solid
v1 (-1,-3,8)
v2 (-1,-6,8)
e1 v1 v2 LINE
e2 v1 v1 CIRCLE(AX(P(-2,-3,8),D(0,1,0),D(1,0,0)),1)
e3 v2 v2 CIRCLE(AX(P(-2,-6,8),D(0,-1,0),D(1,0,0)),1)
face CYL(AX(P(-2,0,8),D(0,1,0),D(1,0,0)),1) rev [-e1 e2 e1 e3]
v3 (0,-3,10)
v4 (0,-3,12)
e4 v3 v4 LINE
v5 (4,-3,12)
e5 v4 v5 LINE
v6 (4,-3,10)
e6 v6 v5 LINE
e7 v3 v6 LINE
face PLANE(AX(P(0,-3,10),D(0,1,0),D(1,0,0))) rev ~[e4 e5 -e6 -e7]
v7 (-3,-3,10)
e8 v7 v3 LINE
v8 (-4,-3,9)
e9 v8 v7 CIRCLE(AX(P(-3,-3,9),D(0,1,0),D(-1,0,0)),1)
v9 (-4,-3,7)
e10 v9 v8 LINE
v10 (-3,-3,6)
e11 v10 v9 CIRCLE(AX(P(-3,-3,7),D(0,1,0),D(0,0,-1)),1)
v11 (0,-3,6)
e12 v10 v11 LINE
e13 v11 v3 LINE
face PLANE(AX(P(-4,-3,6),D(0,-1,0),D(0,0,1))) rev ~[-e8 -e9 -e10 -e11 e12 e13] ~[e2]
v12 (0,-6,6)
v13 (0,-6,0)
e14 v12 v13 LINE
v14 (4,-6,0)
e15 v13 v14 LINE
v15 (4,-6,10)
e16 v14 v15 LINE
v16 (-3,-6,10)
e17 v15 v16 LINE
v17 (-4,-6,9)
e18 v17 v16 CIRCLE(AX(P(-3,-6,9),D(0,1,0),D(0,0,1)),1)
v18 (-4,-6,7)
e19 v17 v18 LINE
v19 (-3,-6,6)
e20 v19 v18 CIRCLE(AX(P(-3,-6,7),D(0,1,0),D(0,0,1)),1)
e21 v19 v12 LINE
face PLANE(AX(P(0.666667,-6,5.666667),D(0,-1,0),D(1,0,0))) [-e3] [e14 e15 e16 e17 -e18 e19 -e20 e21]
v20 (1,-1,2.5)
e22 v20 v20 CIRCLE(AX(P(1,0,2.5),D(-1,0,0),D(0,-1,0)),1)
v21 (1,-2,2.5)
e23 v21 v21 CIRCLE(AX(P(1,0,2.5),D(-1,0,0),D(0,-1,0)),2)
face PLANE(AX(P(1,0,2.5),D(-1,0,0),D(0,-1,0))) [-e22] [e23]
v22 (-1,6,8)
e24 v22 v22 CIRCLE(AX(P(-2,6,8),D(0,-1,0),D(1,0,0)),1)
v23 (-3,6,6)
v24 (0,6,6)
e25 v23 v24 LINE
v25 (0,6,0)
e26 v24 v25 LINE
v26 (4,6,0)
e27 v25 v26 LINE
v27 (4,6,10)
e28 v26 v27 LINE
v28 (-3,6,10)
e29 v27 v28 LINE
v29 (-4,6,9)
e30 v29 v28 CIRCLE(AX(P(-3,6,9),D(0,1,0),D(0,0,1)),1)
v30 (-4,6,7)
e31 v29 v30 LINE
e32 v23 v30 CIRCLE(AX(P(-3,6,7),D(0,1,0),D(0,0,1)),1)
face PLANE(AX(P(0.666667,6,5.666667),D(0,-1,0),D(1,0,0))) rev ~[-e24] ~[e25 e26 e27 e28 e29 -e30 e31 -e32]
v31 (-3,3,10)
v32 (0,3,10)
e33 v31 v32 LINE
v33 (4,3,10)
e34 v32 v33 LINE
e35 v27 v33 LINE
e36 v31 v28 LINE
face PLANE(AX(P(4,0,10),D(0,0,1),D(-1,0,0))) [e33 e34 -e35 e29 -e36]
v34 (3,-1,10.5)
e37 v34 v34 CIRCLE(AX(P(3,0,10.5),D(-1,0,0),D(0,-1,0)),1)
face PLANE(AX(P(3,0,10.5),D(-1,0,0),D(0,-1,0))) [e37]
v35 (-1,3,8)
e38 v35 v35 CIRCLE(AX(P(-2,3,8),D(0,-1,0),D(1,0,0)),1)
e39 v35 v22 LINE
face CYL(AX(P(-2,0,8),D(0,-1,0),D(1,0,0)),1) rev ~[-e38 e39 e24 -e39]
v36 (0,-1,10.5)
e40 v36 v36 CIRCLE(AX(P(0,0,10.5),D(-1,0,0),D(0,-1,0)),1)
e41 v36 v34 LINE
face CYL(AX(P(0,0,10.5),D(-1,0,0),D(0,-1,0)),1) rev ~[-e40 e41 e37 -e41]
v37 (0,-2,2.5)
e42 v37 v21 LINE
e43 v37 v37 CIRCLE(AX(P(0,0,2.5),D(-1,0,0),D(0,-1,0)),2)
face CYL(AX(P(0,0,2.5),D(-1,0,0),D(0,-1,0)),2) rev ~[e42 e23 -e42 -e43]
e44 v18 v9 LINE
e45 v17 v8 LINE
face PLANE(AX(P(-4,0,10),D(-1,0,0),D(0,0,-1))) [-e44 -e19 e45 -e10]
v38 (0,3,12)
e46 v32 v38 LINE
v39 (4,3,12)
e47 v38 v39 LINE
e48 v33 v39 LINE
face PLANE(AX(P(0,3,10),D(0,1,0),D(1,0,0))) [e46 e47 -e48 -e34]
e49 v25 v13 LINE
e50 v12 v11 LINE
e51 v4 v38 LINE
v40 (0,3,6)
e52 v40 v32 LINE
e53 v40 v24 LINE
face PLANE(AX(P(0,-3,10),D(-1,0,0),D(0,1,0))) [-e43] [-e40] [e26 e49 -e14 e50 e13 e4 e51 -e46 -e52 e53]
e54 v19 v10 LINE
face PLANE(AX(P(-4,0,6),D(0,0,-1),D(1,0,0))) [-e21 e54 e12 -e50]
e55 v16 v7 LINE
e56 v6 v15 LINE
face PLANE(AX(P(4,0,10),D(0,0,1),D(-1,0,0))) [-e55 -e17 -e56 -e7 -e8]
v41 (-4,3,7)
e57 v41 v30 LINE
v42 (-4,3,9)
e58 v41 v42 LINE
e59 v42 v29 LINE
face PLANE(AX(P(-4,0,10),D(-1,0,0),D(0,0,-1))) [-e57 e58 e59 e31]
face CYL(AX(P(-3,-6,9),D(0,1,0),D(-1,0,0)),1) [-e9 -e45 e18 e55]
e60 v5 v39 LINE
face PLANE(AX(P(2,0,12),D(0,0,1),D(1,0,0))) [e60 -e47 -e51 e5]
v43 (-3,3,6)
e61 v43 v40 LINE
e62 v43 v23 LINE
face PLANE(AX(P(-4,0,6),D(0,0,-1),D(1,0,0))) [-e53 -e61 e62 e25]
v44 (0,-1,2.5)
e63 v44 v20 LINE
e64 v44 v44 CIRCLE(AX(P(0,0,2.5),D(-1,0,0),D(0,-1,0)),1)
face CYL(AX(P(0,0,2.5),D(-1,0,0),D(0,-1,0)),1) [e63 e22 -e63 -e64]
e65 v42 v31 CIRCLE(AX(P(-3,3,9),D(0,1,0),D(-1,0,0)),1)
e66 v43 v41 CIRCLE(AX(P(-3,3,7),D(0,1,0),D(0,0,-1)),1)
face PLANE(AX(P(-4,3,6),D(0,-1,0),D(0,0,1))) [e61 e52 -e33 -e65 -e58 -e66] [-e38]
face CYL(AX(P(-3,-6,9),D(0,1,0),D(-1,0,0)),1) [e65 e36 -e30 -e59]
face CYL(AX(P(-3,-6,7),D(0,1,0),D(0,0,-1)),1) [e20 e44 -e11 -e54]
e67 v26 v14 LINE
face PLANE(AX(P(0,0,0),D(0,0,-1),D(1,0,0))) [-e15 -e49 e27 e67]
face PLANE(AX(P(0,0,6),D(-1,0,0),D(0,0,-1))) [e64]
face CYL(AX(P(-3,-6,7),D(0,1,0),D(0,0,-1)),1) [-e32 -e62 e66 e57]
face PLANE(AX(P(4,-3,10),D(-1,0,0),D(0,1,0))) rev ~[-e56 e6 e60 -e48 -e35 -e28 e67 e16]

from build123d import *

# Parameters (mm, degrees)
F0_R          = 1
F1_DEPTH      = 6
F1_DEPTH_BACK = 6
F2_R          = 1
F3_W          = 6
F3_H          = 4
F4_DEPTH      = 4
F5_R          = 2
F5_R_2        = 1
F6_DEPTH      = 1
F7_W          = 4
F7_H          = 6
F8_DEPTH      = 2
F9_R          = 1
F10_DEPTH     = 3


with BuildPart() as f1:
    # F0 (on Front) → F1 (new body, two sides)
    with BuildSketch(Plane.XZ) as f1_sk:
        Polygon((0, 6), (0, 0), (4, 0), (4, 6), (4, 10), (0, 10), (-4, 10), (-4, 6), align=None)
        with Locations((-2, 8)):
            Circle(F0_R, mode=Mode.SUBTRACT)
    extrude(amount=F1_DEPTH)
    extrude(f1_sk.sketch, amount=-F1_DEPTH_BACK)

    # F2
    f2_edges = [f1.edges().sort_by_distance(p)[0] for p in [
        (-4, 0, 10),
        (-4, 0, 6),
    ]]
    fillet(f2_edges, radius=F2_R)

    # F3 (on face) → F4 (cut, through all)
    with BuildSketch(Plane(origin=(-4, 0, 0), x_dir=(0, -1, 0), z_dir=(-1, 0, 0))):
        with Locations((0, 8)):
            Rectangle(F3_W, F3_H)
    extrude(amount=-F4_DEPTH, mode=Mode.SUBTRACT)

    # F5 (on face) → F6 (cut)
    with BuildSketch(Plane(origin=(0, 0, 0), x_dir=(0, -1, 0), z_dir=(-1, 0, 0))):
        with Locations((0, 2.5)):
            Circle(F5_R)
        with Locations((0, 2.5)):
            Circle(F5_R_2, mode=Mode.SUBTRACT)
    extrude(amount=-F6_DEPTH, mode=Mode.SUBTRACT)

    # F7 (on face) → F8 (join)
    with BuildSketch(Plane.XY.offset(10)):
        with Locations((2, 0)):
            Rectangle(F7_W, F7_H)
    extrude(amount=F8_DEPTH)

    # F9 (on face) → F10 (cut)
    with BuildSketch(Plane(origin=(0, 0, 0), x_dir=(0, -1, 0), z_dir=(-1, 0, 0))):
        with Locations((0, 10.5)):
            Circle(F9_R)
    extrude(amount=-F10_DEPTH, mode=Mode.SUBTRACT)


solid = f1.part
